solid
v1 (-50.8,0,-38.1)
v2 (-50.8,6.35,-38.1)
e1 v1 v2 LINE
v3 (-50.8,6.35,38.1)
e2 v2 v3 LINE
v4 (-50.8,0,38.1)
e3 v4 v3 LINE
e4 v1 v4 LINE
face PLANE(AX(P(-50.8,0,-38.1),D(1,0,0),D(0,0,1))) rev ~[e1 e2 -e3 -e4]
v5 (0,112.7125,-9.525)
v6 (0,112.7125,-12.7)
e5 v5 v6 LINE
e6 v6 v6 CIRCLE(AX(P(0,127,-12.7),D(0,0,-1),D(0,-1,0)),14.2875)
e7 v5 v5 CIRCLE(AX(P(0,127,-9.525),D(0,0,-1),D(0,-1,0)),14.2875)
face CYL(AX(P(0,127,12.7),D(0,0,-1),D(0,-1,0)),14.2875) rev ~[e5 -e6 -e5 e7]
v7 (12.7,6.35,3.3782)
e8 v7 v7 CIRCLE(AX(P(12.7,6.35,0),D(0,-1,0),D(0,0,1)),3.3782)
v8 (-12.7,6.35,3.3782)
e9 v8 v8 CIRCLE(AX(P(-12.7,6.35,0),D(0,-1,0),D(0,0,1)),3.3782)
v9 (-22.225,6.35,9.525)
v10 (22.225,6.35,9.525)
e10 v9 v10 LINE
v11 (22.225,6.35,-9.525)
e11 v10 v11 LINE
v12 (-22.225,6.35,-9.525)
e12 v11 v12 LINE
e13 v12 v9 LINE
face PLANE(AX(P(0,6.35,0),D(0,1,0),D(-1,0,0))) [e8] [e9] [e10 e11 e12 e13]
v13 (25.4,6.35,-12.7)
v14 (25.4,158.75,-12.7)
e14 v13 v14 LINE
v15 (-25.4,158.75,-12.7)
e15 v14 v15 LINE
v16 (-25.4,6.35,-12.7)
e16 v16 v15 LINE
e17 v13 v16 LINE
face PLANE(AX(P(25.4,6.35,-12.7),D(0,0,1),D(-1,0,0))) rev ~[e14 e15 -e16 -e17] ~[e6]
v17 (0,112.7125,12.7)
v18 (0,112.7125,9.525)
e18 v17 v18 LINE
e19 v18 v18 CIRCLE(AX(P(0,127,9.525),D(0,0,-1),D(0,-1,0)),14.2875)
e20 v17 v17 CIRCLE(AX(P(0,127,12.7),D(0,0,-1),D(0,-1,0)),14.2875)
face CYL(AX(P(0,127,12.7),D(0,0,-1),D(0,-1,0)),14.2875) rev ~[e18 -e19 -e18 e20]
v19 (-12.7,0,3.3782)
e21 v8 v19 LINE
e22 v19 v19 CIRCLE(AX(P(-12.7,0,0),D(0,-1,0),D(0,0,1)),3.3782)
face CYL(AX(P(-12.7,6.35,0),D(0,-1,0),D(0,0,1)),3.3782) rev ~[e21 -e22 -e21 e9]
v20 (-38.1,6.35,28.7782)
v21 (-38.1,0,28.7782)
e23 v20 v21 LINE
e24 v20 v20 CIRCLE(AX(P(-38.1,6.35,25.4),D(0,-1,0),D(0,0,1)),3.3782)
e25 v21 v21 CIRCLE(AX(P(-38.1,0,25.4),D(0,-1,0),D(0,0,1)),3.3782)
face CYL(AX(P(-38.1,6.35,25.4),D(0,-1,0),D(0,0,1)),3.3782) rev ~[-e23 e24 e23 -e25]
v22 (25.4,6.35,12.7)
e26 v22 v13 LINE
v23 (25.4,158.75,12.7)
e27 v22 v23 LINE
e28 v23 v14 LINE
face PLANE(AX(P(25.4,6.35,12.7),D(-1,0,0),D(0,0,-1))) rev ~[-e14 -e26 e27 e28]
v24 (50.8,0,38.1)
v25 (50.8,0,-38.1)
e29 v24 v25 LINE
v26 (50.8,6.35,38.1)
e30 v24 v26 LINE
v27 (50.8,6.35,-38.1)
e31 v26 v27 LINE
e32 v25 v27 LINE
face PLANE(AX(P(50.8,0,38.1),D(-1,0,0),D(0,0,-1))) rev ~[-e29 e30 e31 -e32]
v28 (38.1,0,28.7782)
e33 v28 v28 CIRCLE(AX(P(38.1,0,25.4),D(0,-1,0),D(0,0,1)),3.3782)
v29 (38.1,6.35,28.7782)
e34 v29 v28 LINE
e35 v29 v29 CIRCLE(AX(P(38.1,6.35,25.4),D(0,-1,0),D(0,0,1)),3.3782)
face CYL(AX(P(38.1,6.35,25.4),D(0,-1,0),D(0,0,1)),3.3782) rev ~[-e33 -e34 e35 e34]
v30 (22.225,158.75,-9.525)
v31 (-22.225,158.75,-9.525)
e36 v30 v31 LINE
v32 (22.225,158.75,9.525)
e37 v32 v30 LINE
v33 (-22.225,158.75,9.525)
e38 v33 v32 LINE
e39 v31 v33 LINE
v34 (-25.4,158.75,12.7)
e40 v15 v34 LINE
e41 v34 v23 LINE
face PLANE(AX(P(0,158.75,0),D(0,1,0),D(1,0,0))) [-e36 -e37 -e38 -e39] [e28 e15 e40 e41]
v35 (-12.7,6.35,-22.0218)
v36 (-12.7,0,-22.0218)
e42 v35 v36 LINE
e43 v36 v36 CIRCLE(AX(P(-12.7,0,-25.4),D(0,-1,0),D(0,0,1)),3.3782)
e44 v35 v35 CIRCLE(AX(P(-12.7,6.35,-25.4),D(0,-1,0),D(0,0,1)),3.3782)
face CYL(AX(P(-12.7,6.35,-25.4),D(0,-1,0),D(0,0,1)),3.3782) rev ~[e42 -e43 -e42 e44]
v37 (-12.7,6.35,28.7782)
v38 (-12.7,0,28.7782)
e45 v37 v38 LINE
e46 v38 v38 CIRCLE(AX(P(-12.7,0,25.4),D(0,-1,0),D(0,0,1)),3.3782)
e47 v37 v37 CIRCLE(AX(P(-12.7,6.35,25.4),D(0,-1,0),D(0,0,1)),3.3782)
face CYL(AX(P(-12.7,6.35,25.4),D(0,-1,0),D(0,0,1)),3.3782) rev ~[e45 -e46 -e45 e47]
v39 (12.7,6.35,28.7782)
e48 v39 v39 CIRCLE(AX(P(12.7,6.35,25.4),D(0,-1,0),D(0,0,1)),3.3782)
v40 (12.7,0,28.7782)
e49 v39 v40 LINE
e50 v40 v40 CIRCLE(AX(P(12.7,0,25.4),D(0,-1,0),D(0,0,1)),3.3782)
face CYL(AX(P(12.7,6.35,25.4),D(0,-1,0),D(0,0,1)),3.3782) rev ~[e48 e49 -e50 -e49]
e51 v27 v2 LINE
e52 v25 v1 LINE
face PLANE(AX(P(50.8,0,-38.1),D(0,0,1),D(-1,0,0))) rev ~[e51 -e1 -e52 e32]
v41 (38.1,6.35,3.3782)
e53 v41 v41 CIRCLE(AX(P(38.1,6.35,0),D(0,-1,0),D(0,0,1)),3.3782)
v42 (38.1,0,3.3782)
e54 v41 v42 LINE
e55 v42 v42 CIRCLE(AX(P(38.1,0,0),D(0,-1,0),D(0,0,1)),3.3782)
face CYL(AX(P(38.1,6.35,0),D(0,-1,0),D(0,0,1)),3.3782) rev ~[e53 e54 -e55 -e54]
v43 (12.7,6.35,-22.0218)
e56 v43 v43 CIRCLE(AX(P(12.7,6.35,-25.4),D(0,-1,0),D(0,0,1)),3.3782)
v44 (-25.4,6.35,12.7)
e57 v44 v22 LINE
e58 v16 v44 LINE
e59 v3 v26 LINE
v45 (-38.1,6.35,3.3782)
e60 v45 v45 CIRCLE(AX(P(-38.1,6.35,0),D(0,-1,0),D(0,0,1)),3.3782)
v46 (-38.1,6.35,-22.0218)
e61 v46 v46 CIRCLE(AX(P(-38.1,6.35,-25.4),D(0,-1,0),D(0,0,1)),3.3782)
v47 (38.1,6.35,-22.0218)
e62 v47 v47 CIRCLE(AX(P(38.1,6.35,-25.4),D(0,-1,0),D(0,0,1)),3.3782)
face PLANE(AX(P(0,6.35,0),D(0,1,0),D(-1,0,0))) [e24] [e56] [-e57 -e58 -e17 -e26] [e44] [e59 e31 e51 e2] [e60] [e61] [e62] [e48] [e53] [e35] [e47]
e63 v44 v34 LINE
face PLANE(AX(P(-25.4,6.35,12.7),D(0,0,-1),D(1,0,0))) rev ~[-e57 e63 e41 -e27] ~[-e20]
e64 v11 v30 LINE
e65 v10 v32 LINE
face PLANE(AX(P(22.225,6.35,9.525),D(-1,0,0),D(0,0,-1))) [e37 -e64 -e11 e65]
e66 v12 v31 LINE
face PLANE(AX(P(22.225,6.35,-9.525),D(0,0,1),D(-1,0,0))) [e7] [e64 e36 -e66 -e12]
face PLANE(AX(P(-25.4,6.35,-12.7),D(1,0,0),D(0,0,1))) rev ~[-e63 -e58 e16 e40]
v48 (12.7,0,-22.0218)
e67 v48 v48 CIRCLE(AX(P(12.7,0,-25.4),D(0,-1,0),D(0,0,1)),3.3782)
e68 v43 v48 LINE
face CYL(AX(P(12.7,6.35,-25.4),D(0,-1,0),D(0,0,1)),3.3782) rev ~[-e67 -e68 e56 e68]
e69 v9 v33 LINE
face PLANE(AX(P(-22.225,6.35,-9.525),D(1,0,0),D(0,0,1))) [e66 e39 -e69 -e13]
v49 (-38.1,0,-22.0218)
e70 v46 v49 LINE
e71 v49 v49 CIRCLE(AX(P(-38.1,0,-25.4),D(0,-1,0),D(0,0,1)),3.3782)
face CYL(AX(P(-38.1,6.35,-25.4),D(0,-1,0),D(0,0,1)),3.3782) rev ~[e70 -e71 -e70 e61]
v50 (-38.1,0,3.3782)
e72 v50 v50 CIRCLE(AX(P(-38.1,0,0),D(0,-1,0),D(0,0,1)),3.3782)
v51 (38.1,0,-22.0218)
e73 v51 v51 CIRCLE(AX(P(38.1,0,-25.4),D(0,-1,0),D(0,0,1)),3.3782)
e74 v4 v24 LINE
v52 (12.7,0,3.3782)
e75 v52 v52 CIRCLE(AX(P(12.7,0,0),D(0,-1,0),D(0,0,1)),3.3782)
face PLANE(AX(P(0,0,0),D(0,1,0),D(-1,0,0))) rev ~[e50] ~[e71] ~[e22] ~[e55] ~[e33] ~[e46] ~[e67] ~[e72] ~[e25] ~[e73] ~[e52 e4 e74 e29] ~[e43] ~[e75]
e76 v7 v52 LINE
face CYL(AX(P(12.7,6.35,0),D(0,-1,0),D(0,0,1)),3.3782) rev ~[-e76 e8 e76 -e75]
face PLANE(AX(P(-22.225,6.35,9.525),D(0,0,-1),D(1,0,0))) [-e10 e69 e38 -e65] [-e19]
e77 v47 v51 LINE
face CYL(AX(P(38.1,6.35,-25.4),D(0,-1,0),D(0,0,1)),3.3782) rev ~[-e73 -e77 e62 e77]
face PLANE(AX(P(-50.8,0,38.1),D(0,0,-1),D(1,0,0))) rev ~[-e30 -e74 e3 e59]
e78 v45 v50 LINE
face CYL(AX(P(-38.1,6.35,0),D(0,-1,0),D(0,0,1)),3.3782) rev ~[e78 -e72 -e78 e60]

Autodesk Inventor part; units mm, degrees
ref_plane "YZ Plane" through (0, 0, 0) normal (1, 0, 0) x (0, 1, 0)
ref_plane "XZ Plane" through (0, 0, 0) normal (0, 1, 0) x (-1, 0, 0)
ref_plane "XY Plane" through (0, 0, 0) normal (0, 0, 1) x (1, 0, 0)
sketch "Sketch1" plane through (0, 0, 0) normal (0, 1, 0) x (-1, 0, 0)
  line L0 (50.8, 38.1) -> (-50.8, 38.1)
  line L1 (-50.8, 38.1) -> (-50.8, -38.1)
  line L2 (-50.8, -38.1) -> (50.8, -38.1)
  line L3 (50.8, -38.1) -> (50.8, 38.1)
  line L4 (50.8, 38.1) -> (-50.8, -38.1) construction
  line L5 (-50.8, 38.1) -> (50.8, -38.1) construction
  point P0 (0, 0)
  dimension "d0" = 76.2
  dimension "d1" = 101.6
extrude "Extrusion1" add sketch "Sketch1" along normal blind 6.35
sketch "Sketch2" plane through (0, 6.35, 0) normal (0, 1, 0) x (1, 0, 0)
  line L0 (25.4, -12.7) -> (25.4, 12.7)
  line L1 (25.4, 12.7) -> (-25.4, 12.7)
  line L2 (-25.4, 12.7) -> (-25.4, -12.7)
  line L3 (-25.4, -12.7) -> (25.4, -12.7)
  line L4 (25.4, -12.7) -> (-25.4, 12.7) construction
  line L5 (25.4, 12.7) -> (-25.4, -12.7) construction
  line L6 (22.225, -9.525) -> (22.225, 9.525)
  line L7 (22.225, 9.525) -> (-22.225, 9.525)
  line L8 (-22.225, 9.525) -> (-22.225, -9.525)
  line L9 (-22.225, -9.525) -> (22.225, -9.525)
  line L10 (22.225, -9.525) -> (-22.225, 9.525) construction
  line L11 (22.225, 9.525) -> (-22.225, -9.525) construction
  point P0 (0, 0)
  dimension "d4" = 50.8
  dimension "d5" = 25.4
  dimension "d6" = 3.175
  dimension "d7" = 3.175
extrude "Extrusion2" add sketch "Sketch2" along normal blind 152.4
sketch "Sketch5" plane through (0, 6.35, 0) normal (0, 1, 0) x (1, 0, 0)
  line L0 (-51.0645, -25.4) -> (50.8, -25.4) construction
  line L1 (50.8, -38.1) -> (50.8, 38.1) construction
  line L2 (-38.1, -38.1) -> (-38.1, 38.1) construction
  line L3 (50.8, 38.1) -> (-50.8, 38.1) construction
  line L4 (-50.8, -38.1) -> (50.8, -38.1) construction
  line L5 (-50.8, 38.1) -> (-50.8, -38.1) construction
  point P0 (0, 0)
  point P1 (-38.1, -25.4)
  point P2 (-12.7, -25.4)
  point P3 (12.7, -25.4)
  point P4 (38.1, -25.4)
  point P5 (-38.1, 0)
  point P6 (-12.7, 0)
  point P7 (12.7, 0)
  point P8 (38.1, 0)
  point P9 (-38.1, 25.4)
  point P10 (-12.7, 25.4)
  point P11 (12.7, 25.4)
  point P12 (38.1, 25.4)
  dimension "d19" = 12.7
  dimension "d20" = 12.7
  dimension "d23" = 25.4
  dimension "d26" = 25.4
hole "Hole2" at (-38.1, 6.35, 25.4) at (-12.7, 6.35, 25.4) at (12.7, 6.35, 25.4) at (38.1, 6.35, 25.4) at (-38.1, 6.35, 0) at (-12.7, 6.35, 0) at (12.7, 6.35, 0) at (38.1, 6.35, 0) at (-38.1, 6.35, -25.4) at (-12.7, 6.35, -25.4) at (12.7, 6.35, -25.4) at (38.1, 6.35, -25.4) direction (0, -1, 0) diameter 6.7564 end through all clearance for "Flat Head Machine Screw (82)" size "1/4" standard "Ansi Unified Screw Threads"
sketch "Sketch6" plane through (-25.4, 6.35, 12.7) normal (0, 0, 1) x (1, 0, 0)
  line L0 (3.175, 0) -> (47.625, 0) construction
  line L1 (25.4, 0) -> (25.4, 152.4) construction
  line L2 (50.8, 152.4) -> (0, 152.4) construction
  line L3 (-1.017, 120.65) -> (50.8, 120.65) construction
  line L4 (50.8, 0) -> (50.8, 152.4) construction
  line L5 (-25.4, -6.35) -> (76.2, -6.35) projected
  point P0 (25.4, -6.35)
  point P1 (25.4, 120.65)
  dimension "d36" = 127
hole "Hole3" at (0, 127, 12.7) direction (0, 0, -1) diameter 28.575 end through all
properties part number "PostForHexAxel"
